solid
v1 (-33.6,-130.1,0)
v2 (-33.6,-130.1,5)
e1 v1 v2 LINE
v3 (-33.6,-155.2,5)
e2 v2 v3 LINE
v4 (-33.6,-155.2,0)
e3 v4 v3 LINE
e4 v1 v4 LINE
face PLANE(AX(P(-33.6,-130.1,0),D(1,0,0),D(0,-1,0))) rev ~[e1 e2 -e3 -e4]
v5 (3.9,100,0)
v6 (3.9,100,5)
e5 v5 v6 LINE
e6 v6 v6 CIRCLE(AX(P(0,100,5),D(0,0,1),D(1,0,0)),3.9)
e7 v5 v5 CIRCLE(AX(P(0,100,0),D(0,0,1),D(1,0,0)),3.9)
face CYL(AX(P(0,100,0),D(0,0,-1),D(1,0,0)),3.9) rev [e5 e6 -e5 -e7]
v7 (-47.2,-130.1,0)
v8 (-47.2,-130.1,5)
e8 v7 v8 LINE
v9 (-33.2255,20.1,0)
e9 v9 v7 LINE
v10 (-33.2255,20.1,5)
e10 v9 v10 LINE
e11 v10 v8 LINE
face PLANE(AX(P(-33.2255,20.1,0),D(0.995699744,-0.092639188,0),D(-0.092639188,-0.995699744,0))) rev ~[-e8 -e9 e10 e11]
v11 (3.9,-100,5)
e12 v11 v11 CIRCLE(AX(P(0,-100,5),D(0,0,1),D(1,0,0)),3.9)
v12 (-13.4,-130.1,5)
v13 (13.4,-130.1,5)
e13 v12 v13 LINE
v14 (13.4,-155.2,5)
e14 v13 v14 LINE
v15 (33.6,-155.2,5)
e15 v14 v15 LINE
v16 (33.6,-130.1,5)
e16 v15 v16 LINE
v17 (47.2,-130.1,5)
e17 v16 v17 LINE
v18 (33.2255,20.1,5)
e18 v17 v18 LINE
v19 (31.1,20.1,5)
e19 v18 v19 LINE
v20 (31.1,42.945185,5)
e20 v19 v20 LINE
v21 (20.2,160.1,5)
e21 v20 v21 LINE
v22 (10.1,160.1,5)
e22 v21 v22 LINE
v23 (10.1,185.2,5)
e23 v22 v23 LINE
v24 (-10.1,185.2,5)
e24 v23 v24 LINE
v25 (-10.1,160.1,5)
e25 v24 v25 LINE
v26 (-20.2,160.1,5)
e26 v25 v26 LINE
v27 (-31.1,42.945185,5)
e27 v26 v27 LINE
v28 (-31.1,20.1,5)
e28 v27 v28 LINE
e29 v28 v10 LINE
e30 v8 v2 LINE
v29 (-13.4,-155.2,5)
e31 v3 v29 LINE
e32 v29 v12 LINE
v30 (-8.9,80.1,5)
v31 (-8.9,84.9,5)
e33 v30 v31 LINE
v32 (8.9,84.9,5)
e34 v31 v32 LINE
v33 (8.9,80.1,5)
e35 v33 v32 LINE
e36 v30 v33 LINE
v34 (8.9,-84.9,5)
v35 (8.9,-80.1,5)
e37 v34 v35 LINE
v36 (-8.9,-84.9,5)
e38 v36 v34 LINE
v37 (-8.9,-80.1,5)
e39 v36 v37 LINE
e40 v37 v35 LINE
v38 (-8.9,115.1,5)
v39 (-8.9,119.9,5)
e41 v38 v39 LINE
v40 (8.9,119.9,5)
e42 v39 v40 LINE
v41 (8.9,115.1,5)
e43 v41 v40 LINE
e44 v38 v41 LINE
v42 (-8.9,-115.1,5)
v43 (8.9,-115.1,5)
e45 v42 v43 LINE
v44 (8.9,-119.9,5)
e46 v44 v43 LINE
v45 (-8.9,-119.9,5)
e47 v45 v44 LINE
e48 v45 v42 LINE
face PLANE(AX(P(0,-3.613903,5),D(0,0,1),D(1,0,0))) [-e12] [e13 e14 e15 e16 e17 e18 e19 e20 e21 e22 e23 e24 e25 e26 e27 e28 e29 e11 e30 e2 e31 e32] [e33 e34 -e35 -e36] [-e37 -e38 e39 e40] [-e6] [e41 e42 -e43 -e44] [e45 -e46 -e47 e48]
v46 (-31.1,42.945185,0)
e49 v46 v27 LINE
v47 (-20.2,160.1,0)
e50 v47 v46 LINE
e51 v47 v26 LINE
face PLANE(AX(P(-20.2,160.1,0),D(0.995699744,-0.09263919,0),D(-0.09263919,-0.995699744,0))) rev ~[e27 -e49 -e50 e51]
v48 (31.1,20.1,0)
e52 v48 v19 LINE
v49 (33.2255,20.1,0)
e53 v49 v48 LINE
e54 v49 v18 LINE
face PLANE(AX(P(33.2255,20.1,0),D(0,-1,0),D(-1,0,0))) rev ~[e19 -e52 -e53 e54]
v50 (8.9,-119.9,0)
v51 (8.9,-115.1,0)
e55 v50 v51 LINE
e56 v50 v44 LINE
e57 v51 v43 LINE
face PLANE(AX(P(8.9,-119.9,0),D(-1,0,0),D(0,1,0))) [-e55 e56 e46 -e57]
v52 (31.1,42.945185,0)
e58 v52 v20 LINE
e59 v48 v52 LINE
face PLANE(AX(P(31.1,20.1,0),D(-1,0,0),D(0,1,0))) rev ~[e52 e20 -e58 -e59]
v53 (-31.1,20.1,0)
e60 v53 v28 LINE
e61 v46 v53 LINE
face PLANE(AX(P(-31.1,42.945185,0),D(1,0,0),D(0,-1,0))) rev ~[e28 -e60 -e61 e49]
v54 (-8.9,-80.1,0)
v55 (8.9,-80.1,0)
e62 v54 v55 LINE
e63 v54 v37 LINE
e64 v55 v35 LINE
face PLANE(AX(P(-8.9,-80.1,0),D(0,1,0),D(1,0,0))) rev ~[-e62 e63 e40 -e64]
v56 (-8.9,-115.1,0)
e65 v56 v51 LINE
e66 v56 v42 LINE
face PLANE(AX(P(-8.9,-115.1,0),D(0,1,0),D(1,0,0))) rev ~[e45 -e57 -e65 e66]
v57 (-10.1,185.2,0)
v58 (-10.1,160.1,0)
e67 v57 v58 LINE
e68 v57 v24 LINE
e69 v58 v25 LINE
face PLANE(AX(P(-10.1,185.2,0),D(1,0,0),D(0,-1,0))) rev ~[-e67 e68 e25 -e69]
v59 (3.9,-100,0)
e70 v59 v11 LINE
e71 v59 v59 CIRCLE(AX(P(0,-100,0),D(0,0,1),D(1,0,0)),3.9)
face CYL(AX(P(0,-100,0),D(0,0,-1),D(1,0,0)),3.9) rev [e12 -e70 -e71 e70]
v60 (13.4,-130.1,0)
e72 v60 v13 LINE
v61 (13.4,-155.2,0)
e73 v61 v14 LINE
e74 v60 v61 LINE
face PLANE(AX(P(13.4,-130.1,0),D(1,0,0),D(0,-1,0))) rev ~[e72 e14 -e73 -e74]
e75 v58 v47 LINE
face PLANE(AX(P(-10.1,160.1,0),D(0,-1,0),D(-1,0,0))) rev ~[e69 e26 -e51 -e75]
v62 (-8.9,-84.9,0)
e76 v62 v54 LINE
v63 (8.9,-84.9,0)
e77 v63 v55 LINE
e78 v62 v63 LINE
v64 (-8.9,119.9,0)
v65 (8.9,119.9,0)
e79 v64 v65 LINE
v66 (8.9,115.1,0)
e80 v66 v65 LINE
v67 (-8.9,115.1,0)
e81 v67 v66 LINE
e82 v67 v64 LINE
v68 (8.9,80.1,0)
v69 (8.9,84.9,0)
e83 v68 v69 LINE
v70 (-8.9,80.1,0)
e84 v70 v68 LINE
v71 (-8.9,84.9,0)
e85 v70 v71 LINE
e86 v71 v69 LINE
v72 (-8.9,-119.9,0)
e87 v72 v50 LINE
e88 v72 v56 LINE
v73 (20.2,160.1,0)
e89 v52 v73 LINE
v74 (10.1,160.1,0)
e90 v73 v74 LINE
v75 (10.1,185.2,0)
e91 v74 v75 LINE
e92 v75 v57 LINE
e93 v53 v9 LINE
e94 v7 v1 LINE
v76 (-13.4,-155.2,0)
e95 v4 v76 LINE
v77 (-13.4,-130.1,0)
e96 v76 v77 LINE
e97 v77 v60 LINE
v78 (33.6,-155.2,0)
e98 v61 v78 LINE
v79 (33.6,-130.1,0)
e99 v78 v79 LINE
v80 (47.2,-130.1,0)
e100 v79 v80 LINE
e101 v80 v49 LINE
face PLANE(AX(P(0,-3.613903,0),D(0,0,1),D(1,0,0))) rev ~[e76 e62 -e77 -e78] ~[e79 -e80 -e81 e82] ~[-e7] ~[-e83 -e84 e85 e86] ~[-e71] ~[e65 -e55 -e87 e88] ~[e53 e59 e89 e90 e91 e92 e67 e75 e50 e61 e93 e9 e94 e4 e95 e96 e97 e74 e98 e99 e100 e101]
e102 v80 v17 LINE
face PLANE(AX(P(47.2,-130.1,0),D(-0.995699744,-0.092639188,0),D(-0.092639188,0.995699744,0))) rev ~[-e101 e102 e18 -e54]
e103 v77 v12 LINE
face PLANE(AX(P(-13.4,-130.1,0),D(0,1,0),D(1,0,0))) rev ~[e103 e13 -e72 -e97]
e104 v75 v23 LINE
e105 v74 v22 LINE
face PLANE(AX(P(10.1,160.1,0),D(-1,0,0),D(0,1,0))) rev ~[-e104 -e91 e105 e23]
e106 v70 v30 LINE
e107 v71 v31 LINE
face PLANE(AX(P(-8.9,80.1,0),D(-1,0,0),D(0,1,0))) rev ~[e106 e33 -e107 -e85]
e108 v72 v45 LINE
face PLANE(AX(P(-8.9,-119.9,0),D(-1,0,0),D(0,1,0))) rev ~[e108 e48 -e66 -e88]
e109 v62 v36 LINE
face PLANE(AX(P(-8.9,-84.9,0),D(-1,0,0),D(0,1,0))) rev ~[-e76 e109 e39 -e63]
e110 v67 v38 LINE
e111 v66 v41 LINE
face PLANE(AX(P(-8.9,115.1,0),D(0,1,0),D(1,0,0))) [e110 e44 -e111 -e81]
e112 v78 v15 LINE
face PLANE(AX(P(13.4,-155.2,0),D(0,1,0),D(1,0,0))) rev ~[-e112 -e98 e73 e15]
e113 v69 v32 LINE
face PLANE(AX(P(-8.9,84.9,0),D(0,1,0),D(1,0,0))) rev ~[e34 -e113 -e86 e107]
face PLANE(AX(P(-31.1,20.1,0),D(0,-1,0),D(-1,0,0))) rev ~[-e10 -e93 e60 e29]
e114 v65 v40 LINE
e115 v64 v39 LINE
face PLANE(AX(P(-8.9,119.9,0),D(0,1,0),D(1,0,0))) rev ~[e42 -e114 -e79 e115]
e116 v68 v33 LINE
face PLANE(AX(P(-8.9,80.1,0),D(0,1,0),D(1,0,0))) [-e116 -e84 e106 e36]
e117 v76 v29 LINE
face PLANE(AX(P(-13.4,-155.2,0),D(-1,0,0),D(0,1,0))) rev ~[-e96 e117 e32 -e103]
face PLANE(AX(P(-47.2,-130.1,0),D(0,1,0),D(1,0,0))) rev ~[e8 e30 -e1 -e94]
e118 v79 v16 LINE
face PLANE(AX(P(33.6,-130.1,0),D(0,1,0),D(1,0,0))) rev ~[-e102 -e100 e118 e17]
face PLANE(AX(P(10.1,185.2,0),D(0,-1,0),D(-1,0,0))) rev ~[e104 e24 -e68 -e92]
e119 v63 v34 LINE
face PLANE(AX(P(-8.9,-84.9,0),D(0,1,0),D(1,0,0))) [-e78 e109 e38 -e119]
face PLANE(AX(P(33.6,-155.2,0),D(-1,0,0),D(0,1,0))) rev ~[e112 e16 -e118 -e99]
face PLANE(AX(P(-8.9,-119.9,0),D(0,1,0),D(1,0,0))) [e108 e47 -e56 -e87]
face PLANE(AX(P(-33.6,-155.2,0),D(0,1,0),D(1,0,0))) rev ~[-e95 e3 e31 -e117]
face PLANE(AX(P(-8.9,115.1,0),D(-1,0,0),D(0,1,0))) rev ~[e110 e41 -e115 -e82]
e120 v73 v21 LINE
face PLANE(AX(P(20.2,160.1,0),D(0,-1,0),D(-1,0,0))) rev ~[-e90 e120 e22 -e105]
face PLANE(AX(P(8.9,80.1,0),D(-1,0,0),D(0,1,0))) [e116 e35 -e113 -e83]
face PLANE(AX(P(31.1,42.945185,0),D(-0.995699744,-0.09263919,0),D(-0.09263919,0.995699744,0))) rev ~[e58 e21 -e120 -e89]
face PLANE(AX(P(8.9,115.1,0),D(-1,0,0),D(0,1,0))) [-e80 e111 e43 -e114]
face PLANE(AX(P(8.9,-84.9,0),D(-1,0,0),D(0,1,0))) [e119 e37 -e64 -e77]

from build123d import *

# Parameters (mm, degrees)
SKETCH010_R  = 3.9
SKETCH010_W  = 17.8
SKETCH010_H  = 4.8
PAD010_DEPTH = 5


with BuildPart() as part:
    # Sketch010 → Pad010 (new body)
    with BuildSketch(Plane.XY):
        Polygon((-10.1, 160.1), (-20.2, 160.1), (-31.1, 42.945185), (-31.1, 20.1), (-33.2255, 20.1), (-47.2, -130.1), (-33.6, -130.1), (-33.6, -155.2), (-13.4, -155.2), (-13.4, -130.1), (13.4, -130.1), (13.4, -155.2), (33.6, -155.2), (33.6, -130.1), (47.2, -130.1), (33.2255, 20.1), (31.1, 20.1), (31.1, 42.945185), (20.2, 160.1), (10.1, 160.1), (10.1, 185.2), (-10.1, 185.2), align=None)
        with Locations((0, -100)):
            Circle(SKETCH010_R, mode=Mode.SUBTRACT)
        with Locations((0, 100)):
            Circle(SKETCH010_R, mode=Mode.SUBTRACT)
        with Locations((0, 117.5)):
            Rectangle(SKETCH010_W, SKETCH010_H, mode=Mode.SUBTRACT)
        with Locations((0, 82.5)):
            Rectangle(SKETCH010_W, SKETCH010_H, mode=Mode.SUBTRACT)
        with Locations((0, -117.5)):
            Rectangle(SKETCH010_W, SKETCH010_H, mode=Mode.SUBTRACT)
        with Locations((0, -82.5)):
            Rectangle(SKETCH010_W, SKETCH010_H, mode=Mode.SUBTRACT)
    extrude(amount=PAD010_DEPTH)


solid = part.part
